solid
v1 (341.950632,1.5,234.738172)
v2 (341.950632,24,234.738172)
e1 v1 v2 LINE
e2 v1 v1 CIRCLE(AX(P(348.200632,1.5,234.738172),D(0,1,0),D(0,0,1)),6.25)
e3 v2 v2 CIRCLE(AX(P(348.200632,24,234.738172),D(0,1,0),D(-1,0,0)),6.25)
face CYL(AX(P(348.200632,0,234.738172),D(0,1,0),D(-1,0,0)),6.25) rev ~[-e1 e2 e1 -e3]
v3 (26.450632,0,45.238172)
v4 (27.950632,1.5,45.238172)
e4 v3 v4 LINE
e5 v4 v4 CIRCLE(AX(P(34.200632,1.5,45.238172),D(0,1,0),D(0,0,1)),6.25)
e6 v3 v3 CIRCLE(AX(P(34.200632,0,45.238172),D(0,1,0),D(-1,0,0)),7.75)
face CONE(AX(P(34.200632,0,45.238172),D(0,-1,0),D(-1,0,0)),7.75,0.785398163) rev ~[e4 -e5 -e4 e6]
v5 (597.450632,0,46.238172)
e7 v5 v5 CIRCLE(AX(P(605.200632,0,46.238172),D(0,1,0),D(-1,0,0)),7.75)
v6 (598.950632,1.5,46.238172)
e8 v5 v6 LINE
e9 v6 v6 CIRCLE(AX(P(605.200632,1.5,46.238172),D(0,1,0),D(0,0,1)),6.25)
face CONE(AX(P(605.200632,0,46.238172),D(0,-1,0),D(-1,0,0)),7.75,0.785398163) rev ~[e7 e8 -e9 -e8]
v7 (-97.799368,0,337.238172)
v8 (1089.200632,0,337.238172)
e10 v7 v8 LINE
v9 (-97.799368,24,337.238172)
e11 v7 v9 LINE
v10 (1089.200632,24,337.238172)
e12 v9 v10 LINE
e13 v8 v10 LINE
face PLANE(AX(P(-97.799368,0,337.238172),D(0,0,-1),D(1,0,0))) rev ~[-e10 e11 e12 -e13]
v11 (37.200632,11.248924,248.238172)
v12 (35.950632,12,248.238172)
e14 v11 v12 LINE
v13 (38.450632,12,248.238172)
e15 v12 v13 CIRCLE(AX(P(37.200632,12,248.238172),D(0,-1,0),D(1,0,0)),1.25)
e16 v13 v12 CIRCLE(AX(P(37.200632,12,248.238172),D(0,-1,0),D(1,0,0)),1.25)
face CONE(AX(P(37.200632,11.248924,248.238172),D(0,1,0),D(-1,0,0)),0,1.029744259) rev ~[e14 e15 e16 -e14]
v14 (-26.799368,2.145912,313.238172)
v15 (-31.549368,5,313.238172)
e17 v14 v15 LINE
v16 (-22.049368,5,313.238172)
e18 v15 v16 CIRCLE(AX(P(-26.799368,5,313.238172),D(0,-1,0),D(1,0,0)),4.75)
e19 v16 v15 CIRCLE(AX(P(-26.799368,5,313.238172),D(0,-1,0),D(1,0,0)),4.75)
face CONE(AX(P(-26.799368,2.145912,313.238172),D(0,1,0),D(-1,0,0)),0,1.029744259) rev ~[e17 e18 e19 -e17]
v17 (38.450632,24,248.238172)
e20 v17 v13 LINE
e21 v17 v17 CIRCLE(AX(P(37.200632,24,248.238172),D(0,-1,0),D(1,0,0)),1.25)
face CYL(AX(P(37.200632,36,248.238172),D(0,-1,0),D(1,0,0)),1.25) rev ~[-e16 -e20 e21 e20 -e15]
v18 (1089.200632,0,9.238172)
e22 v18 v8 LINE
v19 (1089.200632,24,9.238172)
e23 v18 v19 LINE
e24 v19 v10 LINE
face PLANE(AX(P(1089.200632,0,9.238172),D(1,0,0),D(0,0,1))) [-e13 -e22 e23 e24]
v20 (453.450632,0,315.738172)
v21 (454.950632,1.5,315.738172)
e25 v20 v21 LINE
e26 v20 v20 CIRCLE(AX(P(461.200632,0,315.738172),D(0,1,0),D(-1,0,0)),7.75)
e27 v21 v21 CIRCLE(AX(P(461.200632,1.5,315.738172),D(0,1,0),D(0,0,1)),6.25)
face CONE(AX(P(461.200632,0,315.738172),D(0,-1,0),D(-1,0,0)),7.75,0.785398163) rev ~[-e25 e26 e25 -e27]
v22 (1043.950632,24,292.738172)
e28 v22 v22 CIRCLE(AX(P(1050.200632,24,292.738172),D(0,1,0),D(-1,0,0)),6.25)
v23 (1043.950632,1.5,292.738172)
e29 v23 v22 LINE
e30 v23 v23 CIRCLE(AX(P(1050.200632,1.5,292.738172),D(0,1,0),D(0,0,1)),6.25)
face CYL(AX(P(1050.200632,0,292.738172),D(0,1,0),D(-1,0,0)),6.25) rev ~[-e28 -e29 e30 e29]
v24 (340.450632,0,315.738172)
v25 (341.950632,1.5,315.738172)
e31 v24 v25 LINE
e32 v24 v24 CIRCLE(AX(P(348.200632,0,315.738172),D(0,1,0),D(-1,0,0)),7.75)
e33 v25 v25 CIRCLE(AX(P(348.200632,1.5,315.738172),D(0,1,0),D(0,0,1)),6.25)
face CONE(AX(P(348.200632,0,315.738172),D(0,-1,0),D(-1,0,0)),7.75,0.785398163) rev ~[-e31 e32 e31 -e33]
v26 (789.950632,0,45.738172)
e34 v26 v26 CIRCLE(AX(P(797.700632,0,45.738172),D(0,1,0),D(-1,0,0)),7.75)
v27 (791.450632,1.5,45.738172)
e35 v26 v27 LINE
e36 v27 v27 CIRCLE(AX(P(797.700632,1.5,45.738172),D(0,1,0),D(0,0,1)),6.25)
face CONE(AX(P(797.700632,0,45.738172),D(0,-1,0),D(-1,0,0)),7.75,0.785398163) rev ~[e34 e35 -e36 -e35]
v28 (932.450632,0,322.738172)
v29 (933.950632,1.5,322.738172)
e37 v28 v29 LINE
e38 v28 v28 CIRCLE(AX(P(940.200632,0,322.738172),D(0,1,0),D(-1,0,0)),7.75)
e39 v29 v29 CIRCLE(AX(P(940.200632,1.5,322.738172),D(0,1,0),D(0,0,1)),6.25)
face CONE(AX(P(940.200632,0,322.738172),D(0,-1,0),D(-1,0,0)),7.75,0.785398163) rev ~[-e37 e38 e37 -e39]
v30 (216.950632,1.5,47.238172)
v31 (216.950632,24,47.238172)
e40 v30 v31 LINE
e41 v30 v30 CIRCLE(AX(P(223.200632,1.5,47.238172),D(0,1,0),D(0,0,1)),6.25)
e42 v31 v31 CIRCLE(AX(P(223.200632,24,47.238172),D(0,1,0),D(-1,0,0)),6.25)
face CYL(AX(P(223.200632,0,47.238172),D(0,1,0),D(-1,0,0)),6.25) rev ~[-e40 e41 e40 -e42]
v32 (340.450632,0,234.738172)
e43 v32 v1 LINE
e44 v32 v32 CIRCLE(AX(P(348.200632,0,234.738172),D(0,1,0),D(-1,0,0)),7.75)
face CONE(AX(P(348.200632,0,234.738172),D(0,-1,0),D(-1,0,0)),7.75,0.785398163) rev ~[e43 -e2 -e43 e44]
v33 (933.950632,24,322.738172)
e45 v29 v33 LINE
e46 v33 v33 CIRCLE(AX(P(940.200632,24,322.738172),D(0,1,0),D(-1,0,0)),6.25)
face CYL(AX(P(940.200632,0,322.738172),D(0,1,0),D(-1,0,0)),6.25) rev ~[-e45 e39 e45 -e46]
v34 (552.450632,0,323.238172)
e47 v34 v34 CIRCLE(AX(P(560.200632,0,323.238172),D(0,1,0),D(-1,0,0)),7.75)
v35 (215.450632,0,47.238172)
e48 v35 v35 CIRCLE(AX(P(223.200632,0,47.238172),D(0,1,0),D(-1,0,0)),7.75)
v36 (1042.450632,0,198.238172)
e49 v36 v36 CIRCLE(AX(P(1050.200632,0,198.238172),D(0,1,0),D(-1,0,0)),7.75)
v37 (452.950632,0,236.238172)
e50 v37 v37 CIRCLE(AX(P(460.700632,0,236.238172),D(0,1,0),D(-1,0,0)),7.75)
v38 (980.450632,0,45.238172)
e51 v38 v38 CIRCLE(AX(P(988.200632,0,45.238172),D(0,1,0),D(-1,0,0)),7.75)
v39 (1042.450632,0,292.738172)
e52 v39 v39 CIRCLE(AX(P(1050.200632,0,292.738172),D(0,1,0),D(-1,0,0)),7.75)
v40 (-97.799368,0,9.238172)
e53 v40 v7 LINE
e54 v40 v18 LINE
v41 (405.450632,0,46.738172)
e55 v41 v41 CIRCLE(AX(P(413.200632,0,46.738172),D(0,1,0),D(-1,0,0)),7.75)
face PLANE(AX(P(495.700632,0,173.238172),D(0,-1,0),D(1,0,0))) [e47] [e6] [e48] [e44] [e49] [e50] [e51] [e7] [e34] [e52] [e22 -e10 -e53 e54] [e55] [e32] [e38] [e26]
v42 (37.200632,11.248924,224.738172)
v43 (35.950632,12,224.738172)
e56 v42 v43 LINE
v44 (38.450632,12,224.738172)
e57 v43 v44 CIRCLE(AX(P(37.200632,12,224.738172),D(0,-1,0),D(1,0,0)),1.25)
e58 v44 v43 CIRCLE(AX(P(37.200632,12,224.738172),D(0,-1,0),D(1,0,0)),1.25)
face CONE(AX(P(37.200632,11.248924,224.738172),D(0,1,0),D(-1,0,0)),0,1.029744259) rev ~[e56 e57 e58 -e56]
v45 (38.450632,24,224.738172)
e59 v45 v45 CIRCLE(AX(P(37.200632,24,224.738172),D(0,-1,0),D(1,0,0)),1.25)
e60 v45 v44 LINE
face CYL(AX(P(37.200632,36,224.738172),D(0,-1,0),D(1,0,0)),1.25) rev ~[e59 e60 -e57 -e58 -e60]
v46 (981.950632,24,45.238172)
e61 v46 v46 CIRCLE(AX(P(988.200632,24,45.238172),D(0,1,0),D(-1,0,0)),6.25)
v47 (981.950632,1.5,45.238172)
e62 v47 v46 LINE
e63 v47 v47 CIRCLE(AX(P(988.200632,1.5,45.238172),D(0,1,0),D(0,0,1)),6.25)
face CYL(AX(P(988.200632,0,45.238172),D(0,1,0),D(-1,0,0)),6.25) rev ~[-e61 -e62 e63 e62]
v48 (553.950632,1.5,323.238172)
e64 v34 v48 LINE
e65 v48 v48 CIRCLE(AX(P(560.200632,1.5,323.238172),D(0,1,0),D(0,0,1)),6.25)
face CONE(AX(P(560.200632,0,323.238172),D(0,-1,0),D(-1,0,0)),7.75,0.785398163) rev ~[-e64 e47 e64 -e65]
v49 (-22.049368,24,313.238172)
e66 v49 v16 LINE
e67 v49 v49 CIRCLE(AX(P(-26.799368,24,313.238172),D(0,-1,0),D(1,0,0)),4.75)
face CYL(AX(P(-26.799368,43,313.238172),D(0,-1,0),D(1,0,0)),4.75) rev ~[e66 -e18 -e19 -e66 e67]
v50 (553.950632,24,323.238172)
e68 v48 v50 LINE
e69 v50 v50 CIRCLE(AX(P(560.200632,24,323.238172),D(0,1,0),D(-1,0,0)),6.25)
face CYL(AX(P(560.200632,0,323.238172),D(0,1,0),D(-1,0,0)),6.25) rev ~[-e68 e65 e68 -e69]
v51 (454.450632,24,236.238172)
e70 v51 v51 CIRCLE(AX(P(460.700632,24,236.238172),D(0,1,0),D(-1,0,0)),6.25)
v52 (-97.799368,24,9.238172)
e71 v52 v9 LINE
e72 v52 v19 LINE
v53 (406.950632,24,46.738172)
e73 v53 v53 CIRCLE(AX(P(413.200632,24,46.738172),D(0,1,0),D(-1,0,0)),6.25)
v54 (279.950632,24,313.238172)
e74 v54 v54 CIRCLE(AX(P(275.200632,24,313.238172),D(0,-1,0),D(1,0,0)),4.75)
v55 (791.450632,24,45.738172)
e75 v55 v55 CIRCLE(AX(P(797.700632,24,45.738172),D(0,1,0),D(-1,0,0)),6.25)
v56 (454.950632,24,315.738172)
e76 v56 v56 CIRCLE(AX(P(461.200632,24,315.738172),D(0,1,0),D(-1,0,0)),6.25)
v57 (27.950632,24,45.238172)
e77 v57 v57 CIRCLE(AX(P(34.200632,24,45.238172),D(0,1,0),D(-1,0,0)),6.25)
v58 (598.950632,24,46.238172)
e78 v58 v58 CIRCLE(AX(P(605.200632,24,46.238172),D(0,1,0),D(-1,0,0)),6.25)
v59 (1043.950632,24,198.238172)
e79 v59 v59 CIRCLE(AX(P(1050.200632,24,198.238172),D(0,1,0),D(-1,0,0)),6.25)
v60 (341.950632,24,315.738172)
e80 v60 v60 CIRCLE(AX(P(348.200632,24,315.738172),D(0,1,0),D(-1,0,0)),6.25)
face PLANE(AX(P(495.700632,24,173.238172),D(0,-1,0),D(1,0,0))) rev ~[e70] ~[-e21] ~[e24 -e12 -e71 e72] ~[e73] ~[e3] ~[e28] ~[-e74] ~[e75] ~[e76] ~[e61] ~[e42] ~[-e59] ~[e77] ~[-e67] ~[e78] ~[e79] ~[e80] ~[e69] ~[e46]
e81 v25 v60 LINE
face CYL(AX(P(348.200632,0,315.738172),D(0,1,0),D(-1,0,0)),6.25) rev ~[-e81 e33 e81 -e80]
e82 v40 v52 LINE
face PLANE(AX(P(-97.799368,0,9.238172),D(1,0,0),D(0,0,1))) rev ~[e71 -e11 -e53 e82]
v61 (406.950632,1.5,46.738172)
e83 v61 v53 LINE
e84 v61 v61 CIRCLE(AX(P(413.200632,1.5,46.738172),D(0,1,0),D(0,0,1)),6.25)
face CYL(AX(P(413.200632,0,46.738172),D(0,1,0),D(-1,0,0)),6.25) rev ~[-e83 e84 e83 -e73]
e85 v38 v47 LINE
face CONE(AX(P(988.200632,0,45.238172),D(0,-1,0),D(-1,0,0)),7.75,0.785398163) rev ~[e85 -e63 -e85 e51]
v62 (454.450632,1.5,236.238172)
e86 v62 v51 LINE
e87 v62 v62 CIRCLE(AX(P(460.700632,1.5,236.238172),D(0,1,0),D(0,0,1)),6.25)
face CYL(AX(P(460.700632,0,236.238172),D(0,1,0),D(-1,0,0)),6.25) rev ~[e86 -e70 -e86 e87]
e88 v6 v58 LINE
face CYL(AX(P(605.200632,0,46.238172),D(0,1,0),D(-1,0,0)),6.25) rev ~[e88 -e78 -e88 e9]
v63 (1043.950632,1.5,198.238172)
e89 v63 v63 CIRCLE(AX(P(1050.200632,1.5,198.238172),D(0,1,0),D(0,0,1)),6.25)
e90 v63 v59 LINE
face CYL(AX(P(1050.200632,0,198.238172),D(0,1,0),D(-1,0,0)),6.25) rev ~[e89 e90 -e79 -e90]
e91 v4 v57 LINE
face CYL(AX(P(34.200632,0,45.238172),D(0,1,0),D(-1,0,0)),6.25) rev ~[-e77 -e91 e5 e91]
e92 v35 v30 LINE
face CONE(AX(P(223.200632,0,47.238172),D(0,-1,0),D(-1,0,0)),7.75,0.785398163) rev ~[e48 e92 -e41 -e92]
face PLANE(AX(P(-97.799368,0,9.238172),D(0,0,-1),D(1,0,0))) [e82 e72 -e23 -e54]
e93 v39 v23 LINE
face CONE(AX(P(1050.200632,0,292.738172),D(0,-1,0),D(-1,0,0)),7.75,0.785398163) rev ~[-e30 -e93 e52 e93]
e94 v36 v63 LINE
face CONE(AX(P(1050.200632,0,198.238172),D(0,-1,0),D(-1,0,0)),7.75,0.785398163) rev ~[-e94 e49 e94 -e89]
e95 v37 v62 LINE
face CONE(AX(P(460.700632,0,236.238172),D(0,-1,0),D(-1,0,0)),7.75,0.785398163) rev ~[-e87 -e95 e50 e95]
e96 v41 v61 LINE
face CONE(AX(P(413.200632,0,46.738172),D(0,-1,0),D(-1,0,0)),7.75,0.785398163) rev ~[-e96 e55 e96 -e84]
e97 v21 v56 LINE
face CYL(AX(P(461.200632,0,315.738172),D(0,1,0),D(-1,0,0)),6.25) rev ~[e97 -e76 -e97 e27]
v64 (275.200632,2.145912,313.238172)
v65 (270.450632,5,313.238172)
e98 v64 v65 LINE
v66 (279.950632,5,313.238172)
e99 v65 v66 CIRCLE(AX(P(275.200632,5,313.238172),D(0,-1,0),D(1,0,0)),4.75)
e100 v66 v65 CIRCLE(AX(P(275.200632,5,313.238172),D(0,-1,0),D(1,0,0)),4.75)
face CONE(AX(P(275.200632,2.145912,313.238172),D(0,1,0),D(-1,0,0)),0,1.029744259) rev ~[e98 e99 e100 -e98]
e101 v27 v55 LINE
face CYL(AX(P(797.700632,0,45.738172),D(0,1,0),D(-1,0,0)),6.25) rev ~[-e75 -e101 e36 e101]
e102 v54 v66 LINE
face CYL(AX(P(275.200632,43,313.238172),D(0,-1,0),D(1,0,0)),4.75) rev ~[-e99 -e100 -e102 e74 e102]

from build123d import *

# Parameters (mm, degrees)
F0_W           = 1187
F0_H           = 328
F1_DEPTH       = 24
F2_D           = 12.5
F2_CSINK_D     = 15.5
F2_CSINK_ANGLE = 90
F4_D           = 9.5
F4_DEPTH       = 19
F4_TIP         = 2.8540879404
F5_D           = 2.5
F5_DEPTH       = 12
F5_TIP         = 0.7510757738


with BuildPart() as f1:
    # F0 (on Front) → F1 (new body)
    with BuildSketch(Plane.XZ):
        with Locations((495.7006315604, 173.2381721629)):
            Rectangle(F0_W, F0_H)
    extrude(amount=-F1_DEPTH)

    # F2 (through all)
    with Locations(Plane.XZ):
        with Locations((348.2006315604, 315.7381721629), (461.2006315604, 315.7381721629), (348.2006315604, 234.7381721629), (460.7006315604, 236.2381721629), (560.2006315604, 323.2381721629), (940.2006315604, 322.7381721629), (1050.2006315604, 292.7381721629), (1050.2006315604, 198.2381721629), (988.2006315604, 45.2381721629), (797.7006315604, 45.7381721629), (605.2006315604, 46.2381721629), (413.2006315604, 46.7381721629), (223.2006315604, 47.2381721629), (34.2006315604, 45.2381721629)):
            CounterSinkHole(F2_D / 2, F2_CSINK_D / 2, counter_sink_angle=F2_CSINK_ANGLE)

    # F4
    with Locations(Plane(origin=(0, 24, 0), x_dir=(-1, 0, 0), z_dir=(0, 1, 0))):
        with Locations((-275.2006315604, 313.2381721629), (26.7993684396, 313.2381721629)):
            Hole(F4_D / 2, depth=F4_DEPTH)
            with Locations((0, 0, -(F4_DEPTH + F4_TIP / 2))):  # 118° drill point
                Cone(0, F4_D / 2, F4_TIP, mode=Mode.SUBTRACT)

    # F5
    with Locations(Plane(origin=(0, 24, 0), x_dir=(-1, 0, 0), z_dir=(0, 1, 0))):
        with Locations((-37.2006315604, 248.2381721629), (-37.2006315604, 224.7381721629)):
            Hole(F5_D / 2, depth=F5_DEPTH)
            with Locations((0, 0, -(F5_DEPTH + F5_TIP / 2))):  # 118° drill point
                Cone(0, F5_D / 2, F5_TIP, mode=Mode.SUBTRACT)


solid = f1.part
